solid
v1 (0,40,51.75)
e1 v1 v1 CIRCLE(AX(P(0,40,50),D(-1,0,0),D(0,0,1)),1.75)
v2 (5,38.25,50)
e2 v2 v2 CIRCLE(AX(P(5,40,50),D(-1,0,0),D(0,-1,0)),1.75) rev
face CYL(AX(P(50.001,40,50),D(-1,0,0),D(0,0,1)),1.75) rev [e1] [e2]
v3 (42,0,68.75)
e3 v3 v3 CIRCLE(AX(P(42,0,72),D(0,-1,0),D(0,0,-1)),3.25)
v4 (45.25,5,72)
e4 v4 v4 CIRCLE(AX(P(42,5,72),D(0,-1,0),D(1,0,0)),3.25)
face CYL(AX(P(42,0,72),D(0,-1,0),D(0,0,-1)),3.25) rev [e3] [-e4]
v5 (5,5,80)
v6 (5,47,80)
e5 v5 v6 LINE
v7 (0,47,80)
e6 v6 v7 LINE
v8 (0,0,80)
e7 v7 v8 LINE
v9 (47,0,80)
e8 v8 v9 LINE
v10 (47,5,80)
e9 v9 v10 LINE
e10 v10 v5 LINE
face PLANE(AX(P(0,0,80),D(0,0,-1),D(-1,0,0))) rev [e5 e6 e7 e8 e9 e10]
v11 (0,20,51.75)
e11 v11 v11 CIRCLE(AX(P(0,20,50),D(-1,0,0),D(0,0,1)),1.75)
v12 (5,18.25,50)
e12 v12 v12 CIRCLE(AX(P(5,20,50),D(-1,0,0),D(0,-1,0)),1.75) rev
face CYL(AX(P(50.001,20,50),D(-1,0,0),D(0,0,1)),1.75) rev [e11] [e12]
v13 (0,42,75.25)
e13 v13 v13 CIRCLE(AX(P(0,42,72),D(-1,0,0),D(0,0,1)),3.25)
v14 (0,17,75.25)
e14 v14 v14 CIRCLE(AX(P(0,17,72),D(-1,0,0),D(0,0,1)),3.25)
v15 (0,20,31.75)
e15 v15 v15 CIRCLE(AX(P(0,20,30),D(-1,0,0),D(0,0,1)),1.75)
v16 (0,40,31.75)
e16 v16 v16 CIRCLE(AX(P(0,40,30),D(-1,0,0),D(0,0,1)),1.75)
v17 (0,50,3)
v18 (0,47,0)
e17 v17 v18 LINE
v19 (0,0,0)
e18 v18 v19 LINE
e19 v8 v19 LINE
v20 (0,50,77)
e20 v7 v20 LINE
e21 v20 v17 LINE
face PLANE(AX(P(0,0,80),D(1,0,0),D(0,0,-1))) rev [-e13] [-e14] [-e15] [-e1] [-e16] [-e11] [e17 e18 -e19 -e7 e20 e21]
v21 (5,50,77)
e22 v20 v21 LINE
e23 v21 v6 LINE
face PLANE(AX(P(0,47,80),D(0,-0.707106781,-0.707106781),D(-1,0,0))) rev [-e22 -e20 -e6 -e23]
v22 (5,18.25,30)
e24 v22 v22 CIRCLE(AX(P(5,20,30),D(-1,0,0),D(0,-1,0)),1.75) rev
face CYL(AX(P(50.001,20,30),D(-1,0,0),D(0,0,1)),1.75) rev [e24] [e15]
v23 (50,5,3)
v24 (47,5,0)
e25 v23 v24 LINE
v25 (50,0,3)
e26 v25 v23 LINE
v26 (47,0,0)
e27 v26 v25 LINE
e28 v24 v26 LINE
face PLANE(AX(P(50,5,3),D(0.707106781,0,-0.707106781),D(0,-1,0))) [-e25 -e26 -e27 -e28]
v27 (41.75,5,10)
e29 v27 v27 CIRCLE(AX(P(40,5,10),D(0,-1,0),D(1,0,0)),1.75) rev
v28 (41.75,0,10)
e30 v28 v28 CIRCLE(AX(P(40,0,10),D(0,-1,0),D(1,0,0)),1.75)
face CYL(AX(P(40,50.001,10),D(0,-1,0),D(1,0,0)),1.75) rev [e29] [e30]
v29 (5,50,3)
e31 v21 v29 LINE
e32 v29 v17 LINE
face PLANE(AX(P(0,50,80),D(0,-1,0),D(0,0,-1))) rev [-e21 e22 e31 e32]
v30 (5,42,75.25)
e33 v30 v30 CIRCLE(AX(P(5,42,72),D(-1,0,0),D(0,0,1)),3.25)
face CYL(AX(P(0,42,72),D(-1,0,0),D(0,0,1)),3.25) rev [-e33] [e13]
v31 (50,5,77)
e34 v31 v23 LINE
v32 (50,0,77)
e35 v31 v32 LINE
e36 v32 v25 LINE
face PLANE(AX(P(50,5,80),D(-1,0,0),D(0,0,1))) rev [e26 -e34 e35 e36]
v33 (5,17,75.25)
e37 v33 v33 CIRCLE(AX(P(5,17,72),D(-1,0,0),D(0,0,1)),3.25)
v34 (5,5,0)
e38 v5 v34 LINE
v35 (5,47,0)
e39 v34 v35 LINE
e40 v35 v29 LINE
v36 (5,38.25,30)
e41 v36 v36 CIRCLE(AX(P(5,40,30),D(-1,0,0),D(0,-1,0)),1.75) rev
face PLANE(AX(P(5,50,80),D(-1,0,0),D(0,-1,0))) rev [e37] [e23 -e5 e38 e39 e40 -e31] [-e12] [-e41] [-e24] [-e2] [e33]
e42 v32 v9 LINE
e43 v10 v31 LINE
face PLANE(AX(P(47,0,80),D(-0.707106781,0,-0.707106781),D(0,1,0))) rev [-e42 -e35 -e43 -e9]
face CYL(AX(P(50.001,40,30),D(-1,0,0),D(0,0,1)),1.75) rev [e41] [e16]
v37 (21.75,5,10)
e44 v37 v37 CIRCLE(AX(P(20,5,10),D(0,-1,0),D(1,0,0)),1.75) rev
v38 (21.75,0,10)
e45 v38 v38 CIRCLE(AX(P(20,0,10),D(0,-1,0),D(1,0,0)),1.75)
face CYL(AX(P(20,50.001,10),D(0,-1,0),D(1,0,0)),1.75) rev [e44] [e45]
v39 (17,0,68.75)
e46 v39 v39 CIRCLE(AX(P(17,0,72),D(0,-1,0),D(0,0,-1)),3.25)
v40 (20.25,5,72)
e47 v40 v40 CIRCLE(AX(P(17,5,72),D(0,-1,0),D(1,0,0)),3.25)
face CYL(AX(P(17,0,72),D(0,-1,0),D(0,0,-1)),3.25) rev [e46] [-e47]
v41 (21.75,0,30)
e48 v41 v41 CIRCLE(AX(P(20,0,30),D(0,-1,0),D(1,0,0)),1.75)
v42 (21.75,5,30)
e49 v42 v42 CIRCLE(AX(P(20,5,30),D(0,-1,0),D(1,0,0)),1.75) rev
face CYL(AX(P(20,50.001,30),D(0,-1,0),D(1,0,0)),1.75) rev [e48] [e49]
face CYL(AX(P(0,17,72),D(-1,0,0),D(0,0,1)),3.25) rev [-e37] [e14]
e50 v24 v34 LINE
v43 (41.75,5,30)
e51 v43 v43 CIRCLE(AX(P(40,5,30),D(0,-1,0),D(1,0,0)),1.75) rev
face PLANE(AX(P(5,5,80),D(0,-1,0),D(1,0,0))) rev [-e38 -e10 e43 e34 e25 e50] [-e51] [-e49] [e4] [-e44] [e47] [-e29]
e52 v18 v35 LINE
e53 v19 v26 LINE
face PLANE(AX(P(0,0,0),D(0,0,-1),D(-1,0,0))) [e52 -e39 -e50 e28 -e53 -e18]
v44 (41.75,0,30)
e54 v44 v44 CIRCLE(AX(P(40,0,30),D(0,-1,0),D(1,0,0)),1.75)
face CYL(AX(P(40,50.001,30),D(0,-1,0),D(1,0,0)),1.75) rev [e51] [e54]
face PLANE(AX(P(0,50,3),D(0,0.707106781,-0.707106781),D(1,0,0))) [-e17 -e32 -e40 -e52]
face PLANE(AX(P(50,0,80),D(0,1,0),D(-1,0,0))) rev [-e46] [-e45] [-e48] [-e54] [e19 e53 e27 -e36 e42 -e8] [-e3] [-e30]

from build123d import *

# Parameters (mm, degrees)
ESTRUSIONE_ESTRUSIONE1_DEPTH = 80
FORO_6_5_6_5_1_D             = 6.5
FORO_6_5_6_5_2_D             = 6.5
FORO_6_5_6_5_2_DEPTH         = 5
FORO_6_5_6_5_2_TIP           = 1.952797012
TAGLIO_ESTRUSIONE1_REACH     = 108.771
SCHIZZO8_R                   = 1.75
TAGLIO_ESTRUSIONE2_REACH     = 108.771
SCHIZZO9_R                   = 1.75
SMUSSO1_SIZE                 = 3


with BuildPart() as part:
    # Schizzo1 → Estrusione-Estrusione1 (new body)
    with BuildSketch(Plane.XY):
        Polygon((0, 0), (0, 50), (5, 50), (5, 5), (50, 5), (50, 0), align=None)
    extrude(amount=ESTRUSIONE_ESTRUSIONE1_DEPTH)

    # Foro Ø6.5 (6.5)-1 (through all)
    with Locations(Plane(origin=(0, 0, 0), x_dir=(-1, 0, 0), z_dir=(0, -1, 0))):
        with Locations((-17, -72), (-42, -72)):
            Hole(FORO_6_5_6_5_1_D / 2)

    # Foro Ø6.5 (6.5)-2
    with Locations(Plane.ZY):
        with Locations((72, 42), (72, 17)):
            Hole(FORO_6_5_6_5_2_D / 2, depth=FORO_6_5_6_5_2_DEPTH)
            with Locations((0, 0, -(FORO_6_5_6_5_2_DEPTH + FORO_6_5_6_5_2_TIP / 2))):  # 118° drill point
                Cone(0, FORO_6_5_6_5_2_D / 2, FORO_6_5_6_5_2_TIP, mode=Mode.SUBTRACT)

    # Schizzo8 → Taglio-Estrusione1 (cut, up to next)
    with BuildSketch(Plane.XZ, mode=Mode.PRIVATE) as taglio_estrusione1_sk1:
        with Locations((20, 10)):
            Circle(SCHIZZO8_R)
    taglio_estrusione1_tool1 = extrude(taglio_estrusione1_sk1.sketch, amount=-TAGLIO_ESTRUSIONE1_REACH, mode=Mode.PRIVATE) & part.part
    # Schizzo8 → Taglio-Estrusione1 (cut, up to next)
    with BuildSketch(Plane.XZ, mode=Mode.PRIVATE) as taglio_estrusione1_sk2:
        with Locations((20, 30)):
            Circle(SCHIZZO8_R)
    taglio_estrusione1_tool2 = extrude(taglio_estrusione1_sk2.sketch, amount=-TAGLIO_ESTRUSIONE1_REACH, mode=Mode.PRIVATE) & part.part
    # Schizzo8 → Taglio-Estrusione1 (cut, up to next)
    with BuildSketch(Plane.XZ, mode=Mode.PRIVATE) as taglio_estrusione1_sk3:
        with Locations((40, 30)):
            Circle(SCHIZZO8_R)
    taglio_estrusione1_tool3 = extrude(taglio_estrusione1_sk3.sketch, amount=-TAGLIO_ESTRUSIONE1_REACH, mode=Mode.PRIVATE) & part.part
    # Schizzo8 → Taglio-Estrusione1 (cut, up to next)
    with BuildSketch(Plane.XZ, mode=Mode.PRIVATE) as taglio_estrusione1_sk4:
        with Locations((40, 10)):
            Circle(SCHIZZO8_R)
    taglio_estrusione1_tool4 = extrude(taglio_estrusione1_sk4.sketch, amount=-TAGLIO_ESTRUSIONE1_REACH, mode=Mode.PRIVATE) & part.part
    add(taglio_estrusione1_tool1.solids().sort_by_distance((20, 0, 10))[0], mode=Mode.SUBTRACT)
    add(taglio_estrusione1_tool2.solids().sort_by_distance((20, 0, 30))[0], mode=Mode.SUBTRACT)
    add(taglio_estrusione1_tool3.solids().sort_by_distance((40, 0, 30))[0], mode=Mode.SUBTRACT)
    add(taglio_estrusione1_tool4.solids().sort_by_distance((40, 0, 10))[0], mode=Mode.SUBTRACT)

    # Schizzo9 → Taglio-Estrusione2 (cut, up to next)
    with BuildSketch(Plane.ZY, mode=Mode.PRIVATE) as taglio_estrusione2_sk1:
        with Locations((30, 40)):
            Circle(SCHIZZO9_R)
    taglio_estrusione2_tool1 = extrude(taglio_estrusione2_sk1.sketch, amount=-TAGLIO_ESTRUSIONE2_REACH, mode=Mode.PRIVATE) & part.part
    # Schizzo9 → Taglio-Estrusione2 (cut, up to next)
    with BuildSketch(Plane.ZY, mode=Mode.PRIVATE) as taglio_estrusione2_sk2:
        with Locations((50, 40)):
            Circle(SCHIZZO9_R)
    taglio_estrusione2_tool2 = extrude(taglio_estrusione2_sk2.sketch, amount=-TAGLIO_ESTRUSIONE2_REACH, mode=Mode.PRIVATE) & part.part
    # Schizzo9 → Taglio-Estrusione2 (cut, up to next)
    with BuildSketch(Plane.ZY, mode=Mode.PRIVATE) as taglio_estrusione2_sk3:
        with Locations((50, 20)):
            Circle(SCHIZZO9_R)
    taglio_estrusione2_tool3 = extrude(taglio_estrusione2_sk3.sketch, amount=-TAGLIO_ESTRUSIONE2_REACH, mode=Mode.PRIVATE) & part.part
    # Schizzo9 → Taglio-Estrusione2 (cut, up to next)
    with BuildSketch(Plane.ZY, mode=Mode.PRIVATE) as taglio_estrusione2_sk4:
        with Locations((30, 20)):
            Circle(SCHIZZO9_R)
    taglio_estrusione2_tool4 = extrude(taglio_estrusione2_sk4.sketch, amount=-TAGLIO_ESTRUSIONE2_REACH, mode=Mode.PRIVATE) & part.part
    add(taglio_estrusione2_tool1.solids().sort_by_distance((0, 40, 30))[0], mode=Mode.SUBTRACT)
    add(taglio_estrusione2_tool2.solids().sort_by_distance((0, 40, 50))[0], mode=Mode.SUBTRACT)
    add(taglio_estrusione2_tool3.solids().sort_by_distance((0, 20, 50))[0], mode=Mode.SUBTRACT)
    add(taglio_estrusione2_tool4.solids().sort_by_distance((0, 20, 30))[0], mode=Mode.SUBTRACT)

    # Smusso1
    smusso1_edges = [part.edges().sort_by_distance(p)[0] for p in [
        (2.5, 50, 80),
        (2.5, 50, 0),
        (50, 2.5, 80),
        (50, 2.5, 0),
    ]]
    chamfer(smusso1_edges, length=SMUSSO1_SIZE)


solid = part.part
